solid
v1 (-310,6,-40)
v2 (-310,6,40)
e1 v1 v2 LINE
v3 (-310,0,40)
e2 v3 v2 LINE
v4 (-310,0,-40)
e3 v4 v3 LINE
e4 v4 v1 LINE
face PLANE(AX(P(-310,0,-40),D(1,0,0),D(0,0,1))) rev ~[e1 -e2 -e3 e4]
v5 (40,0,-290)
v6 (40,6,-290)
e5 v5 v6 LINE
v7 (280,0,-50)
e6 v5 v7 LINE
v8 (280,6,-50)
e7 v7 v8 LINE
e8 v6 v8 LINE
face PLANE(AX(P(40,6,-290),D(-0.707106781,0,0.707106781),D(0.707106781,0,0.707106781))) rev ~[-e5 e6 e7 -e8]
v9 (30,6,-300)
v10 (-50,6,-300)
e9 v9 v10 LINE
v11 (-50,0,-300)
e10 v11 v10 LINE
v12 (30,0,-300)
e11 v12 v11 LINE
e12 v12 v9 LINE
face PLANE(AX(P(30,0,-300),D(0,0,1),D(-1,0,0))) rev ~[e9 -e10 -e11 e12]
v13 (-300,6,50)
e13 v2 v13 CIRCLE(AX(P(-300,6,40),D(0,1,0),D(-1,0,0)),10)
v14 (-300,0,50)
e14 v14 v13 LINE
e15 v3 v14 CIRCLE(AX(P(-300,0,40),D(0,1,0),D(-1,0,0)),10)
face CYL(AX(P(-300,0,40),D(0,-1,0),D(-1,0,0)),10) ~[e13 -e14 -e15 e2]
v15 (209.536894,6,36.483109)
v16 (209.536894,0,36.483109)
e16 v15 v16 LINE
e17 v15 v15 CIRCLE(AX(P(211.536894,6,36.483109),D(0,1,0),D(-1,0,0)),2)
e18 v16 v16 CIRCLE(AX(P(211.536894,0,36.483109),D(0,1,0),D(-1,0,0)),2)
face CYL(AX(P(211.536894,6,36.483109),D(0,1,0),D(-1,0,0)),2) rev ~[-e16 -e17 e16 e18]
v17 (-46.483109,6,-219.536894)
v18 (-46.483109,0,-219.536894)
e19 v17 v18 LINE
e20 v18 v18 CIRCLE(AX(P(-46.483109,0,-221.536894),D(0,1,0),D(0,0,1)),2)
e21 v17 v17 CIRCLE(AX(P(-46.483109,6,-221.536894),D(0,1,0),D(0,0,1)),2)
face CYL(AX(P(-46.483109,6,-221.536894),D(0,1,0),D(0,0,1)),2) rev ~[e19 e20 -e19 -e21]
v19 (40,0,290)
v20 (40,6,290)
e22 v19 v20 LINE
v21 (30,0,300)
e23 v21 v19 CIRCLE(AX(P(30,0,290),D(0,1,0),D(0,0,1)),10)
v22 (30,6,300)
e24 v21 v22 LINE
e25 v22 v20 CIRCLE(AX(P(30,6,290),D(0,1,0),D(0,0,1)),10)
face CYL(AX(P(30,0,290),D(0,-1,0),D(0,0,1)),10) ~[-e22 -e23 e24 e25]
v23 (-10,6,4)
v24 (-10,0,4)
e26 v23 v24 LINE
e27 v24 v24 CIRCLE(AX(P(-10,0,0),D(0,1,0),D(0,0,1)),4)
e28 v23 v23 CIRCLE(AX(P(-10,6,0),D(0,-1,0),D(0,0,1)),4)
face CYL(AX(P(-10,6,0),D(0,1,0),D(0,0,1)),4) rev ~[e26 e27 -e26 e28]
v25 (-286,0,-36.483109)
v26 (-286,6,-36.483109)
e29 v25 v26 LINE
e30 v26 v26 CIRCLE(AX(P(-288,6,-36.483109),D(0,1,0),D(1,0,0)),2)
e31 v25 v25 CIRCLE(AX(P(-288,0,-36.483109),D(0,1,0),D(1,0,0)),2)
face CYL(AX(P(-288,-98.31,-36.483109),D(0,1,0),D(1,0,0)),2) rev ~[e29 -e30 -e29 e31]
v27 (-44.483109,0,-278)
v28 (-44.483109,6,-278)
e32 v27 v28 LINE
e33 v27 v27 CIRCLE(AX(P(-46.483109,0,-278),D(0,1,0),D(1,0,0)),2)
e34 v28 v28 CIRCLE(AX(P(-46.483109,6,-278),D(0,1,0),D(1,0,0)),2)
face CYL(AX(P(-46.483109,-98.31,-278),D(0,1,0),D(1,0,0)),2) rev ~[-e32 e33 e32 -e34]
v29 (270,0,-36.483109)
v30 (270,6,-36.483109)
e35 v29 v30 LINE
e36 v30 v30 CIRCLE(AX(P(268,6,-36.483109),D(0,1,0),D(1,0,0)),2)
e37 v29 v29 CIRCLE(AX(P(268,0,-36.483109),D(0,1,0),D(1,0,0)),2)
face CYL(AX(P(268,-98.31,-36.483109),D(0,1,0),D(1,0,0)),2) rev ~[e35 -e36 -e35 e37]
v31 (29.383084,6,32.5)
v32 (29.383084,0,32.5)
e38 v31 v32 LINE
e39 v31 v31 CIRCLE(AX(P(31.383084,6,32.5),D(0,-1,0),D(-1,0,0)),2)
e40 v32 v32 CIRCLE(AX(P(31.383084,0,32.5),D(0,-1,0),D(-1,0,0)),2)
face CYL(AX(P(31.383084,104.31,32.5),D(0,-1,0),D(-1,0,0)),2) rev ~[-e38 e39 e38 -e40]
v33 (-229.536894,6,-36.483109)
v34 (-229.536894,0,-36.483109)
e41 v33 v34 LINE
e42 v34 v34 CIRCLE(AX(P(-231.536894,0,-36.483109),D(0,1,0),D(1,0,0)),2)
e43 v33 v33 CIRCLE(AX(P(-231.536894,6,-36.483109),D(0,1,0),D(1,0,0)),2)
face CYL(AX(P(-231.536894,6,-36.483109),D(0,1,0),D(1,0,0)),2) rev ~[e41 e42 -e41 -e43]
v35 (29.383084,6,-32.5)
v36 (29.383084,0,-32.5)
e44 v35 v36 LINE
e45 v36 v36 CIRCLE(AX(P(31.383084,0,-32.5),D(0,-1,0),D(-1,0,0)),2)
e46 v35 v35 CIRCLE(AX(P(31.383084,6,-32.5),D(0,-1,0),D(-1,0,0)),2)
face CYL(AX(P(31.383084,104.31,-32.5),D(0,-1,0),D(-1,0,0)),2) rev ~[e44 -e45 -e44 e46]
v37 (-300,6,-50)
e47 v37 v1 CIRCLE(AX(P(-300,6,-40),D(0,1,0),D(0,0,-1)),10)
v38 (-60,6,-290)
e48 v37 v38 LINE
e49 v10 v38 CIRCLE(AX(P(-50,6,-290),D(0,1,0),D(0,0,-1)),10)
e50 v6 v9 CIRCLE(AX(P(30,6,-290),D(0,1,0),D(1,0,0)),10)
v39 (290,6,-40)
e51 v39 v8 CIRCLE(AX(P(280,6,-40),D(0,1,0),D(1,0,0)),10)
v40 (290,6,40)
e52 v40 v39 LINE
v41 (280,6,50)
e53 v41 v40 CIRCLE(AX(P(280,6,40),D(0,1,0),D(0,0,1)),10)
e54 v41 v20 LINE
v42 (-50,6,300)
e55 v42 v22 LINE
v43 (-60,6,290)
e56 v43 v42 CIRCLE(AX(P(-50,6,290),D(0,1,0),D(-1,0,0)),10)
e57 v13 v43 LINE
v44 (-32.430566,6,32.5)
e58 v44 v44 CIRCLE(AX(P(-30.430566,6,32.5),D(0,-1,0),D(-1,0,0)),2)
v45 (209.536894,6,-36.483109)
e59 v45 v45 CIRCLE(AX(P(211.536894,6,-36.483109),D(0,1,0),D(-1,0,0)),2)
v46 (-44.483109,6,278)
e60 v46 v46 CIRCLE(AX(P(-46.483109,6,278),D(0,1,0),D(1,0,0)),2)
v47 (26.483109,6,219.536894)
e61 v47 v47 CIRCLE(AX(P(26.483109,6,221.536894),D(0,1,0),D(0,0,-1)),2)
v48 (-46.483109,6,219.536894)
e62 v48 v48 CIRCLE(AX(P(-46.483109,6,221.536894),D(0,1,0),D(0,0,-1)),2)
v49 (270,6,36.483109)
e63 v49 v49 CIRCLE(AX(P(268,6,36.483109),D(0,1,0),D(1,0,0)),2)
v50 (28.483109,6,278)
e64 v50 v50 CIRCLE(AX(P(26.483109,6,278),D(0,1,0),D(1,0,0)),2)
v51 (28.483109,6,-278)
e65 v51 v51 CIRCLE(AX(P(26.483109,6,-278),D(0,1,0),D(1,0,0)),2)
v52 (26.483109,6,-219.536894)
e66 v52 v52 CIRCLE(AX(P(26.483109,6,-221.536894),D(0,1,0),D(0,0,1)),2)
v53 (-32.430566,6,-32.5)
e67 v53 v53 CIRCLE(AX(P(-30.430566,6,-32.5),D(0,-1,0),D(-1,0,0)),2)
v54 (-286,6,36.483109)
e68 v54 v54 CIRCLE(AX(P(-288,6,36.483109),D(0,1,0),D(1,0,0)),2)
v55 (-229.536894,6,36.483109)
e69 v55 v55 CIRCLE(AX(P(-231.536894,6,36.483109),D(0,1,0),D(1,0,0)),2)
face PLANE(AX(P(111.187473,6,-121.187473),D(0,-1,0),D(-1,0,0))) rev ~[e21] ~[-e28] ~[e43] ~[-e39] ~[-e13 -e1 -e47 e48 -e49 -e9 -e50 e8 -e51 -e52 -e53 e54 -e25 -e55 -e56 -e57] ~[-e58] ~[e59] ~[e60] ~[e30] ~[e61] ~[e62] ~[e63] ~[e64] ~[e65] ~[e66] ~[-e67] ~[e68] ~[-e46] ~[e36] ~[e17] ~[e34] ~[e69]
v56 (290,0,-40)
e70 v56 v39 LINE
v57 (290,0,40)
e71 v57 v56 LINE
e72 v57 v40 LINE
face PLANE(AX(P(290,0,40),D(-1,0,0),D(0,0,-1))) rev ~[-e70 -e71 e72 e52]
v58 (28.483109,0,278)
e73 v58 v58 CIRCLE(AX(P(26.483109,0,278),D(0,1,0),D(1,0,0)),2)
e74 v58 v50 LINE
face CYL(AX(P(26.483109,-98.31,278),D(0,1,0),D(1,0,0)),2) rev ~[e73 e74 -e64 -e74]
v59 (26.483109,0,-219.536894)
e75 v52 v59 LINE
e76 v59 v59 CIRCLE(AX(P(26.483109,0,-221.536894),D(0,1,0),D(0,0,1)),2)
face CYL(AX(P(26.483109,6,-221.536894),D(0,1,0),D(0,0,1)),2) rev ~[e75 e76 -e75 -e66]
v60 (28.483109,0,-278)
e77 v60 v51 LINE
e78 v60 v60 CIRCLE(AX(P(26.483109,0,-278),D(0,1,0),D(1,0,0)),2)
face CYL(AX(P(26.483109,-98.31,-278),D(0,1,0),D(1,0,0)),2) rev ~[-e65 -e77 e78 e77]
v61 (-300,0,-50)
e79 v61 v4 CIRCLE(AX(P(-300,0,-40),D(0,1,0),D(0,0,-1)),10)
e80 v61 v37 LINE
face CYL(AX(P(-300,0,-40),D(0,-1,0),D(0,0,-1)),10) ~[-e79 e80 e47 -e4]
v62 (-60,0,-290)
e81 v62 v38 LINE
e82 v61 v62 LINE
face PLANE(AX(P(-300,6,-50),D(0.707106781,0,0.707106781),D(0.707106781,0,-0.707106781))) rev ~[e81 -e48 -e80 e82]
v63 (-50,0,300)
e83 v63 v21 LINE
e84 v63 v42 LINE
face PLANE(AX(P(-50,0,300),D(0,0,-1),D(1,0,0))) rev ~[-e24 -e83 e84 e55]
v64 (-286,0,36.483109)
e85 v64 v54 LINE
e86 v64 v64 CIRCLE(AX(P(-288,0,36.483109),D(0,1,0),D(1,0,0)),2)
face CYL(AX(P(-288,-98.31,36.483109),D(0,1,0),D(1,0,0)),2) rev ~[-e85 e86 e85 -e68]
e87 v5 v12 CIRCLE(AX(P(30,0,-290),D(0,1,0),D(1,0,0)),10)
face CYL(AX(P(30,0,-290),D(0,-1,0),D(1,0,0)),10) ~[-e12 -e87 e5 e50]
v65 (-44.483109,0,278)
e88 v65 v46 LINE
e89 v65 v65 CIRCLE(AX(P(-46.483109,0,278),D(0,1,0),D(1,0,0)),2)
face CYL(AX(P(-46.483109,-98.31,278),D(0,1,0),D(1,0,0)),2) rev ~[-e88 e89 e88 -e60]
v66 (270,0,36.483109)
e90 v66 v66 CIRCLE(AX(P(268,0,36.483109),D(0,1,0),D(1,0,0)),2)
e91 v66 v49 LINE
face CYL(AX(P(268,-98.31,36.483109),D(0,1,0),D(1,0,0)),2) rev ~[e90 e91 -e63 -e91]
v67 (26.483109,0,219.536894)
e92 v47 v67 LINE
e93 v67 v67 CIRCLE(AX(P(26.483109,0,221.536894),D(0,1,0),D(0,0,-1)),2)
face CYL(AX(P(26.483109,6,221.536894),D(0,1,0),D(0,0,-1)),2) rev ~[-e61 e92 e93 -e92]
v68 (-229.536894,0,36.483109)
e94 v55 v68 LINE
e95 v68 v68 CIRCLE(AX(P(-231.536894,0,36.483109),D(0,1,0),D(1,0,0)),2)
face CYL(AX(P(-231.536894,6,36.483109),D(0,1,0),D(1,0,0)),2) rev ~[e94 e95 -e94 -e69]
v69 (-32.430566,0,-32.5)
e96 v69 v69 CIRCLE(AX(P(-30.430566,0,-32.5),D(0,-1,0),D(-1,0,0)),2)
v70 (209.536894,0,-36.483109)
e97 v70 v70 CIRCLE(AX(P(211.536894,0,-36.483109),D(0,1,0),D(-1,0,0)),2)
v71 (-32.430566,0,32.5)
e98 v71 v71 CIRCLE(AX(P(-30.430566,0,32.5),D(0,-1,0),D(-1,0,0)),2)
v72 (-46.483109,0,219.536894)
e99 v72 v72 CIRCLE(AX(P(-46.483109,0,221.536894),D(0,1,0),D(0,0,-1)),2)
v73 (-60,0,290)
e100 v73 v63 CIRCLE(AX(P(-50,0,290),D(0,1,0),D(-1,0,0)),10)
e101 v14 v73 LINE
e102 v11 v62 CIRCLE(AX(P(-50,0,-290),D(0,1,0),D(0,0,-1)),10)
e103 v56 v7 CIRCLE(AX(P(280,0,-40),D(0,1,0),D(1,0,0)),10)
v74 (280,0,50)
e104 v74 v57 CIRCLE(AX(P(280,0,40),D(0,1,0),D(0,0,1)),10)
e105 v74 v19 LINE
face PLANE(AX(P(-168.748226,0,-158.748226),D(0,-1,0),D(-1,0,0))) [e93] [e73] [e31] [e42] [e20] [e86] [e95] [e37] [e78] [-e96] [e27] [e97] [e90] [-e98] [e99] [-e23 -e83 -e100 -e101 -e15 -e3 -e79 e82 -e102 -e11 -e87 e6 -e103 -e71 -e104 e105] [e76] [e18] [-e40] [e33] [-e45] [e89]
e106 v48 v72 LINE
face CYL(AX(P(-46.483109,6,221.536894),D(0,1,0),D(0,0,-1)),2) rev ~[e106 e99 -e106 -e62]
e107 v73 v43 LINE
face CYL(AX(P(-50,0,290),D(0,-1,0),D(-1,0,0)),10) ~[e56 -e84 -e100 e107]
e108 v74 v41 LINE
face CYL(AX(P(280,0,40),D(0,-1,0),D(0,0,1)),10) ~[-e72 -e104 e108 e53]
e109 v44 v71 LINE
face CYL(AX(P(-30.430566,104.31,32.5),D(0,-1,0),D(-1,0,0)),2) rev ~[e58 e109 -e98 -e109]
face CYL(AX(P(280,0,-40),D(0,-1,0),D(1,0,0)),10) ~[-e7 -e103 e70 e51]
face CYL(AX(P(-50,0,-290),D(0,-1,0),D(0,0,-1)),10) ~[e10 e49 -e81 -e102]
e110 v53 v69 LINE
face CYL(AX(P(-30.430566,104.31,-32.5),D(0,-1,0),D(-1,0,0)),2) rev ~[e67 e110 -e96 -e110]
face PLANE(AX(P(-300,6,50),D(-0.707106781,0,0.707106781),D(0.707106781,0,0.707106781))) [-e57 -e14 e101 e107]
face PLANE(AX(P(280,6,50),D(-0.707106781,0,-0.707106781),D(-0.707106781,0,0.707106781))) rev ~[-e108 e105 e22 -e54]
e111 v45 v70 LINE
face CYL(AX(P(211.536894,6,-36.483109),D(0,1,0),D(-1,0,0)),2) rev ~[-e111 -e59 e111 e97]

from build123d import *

# Parameters (mm, degrees)
BOSS_EXTRUDE1_DEPTH       = 6
SKETCH4_R                 = 0.495653738
CUT_EXTRUDE3_DEPTH        = 10
BOSS_EXTRUDE3_DEPTH       = 6
SKETCH6_R                 = 2
SKETCH6_R_2               = 4
CUT_EXTRUDE4_DEPTH        = 12
CIRPATTERN1_COUNT         = 4
BOSS_EXTRUDE4_DEPTH       = 6
F_4_0MM_DOWEL_HOLE4_D     = 4
F_4_0MM_DOWEL_HOLE4_DEPTH = 98.31
F_4_0MM_DOWEL_HOLE4_TIP   = 1.201721238
F_4_0MM_DOWEL_HOLE5_D     = 4
F_4_0MM_DOWEL_HOLE5_DEPTH = 98.31
F_4_0MM_DOWEL_HOLE5_TIP   = 1.201721238
SKETCH34_W                = 35.409448417
SKETCH34_H                = 30.185103568
SKETCH34_W_2              = 36.570413939
SKETCH34_H_2              = 111.452690099
SKETCH34_W_3              = 29.604620807
SKETCH34_H_3              = 33.087517373
SKETCH34_W_4              = 33.087517373
SKETCH34_W_5              = 27.282689764
SKETCH34_H_4              = 24.96075872
SKETCH34_W_6              = 20.316896633
SKETCH34_H_5              = 92.296758988
SKETCH34_W_7              = 27.863172524
SKETCH34_H_6              = 11.609655218
SKETCH34_W_8              = 24.025079094
SKETCH34_H_7              = 13.26196209
SKETCH34_W_9              = 25.256962543
SKETCH34_H_8              = 14.571324544
SKETCH34_W_10             = 26.74183209
SKETCH34_H_9              = 13.599902908
SKETCH34_W_11             = 6.832653797
SKETCH34_H_10             = 26.571431431
SKETCH34_W_12             = 13.665307593
SKETCH34_H_11             = 29.608166452
SKETCH34_W_13             = 111.542887187
SKETCH34_H_12             = 48.356959239
SKETCH34_W_14             = 14.599955316
SKETCH34_H_13             = 35.285066425
SKETCH34_W_15             = 19.210467522
SKETCH34_H_14             = 26.471341651
SKETCH34_W_16             = 101.584483163
SKETCH34_H_15             = 31.891508091
SKETCH34_W_17             = 12.108434582
SKETCH34_H_16             = 29.018914361
SKETCH34_W_18             = 8.981277634
SKETCH34_H_17             = 24.21737362
SKETCH34_W_19             = 29.087219519
SKETCH34_H_18             = 16.362951604
SKETCH34_W_20             = 17.661842556
SKETCH34_H_19             = 22.206862892
SKETCH34_W_21             = 25.871946372
SKETCH34_W_22             = 23.792293824
SKETCH34_H_20             = 9.539966182
SKETCH34_H_21             = 15.633594749
SKETCH34_W_23             = 12.316273022
SKETCH34_H_22             = 19.237958234
BOSS_EXTRUDE5_DEPTH       = 6


with BuildPart() as part:
    # Sketch1 → Boss-Extrude1 (new body)
    with BuildSketch(Plane(origin=(0, 0, 0), x_dir=(1, 0, 0), z_dir=(0, 1, 0))):
        with BuildLine():
            Line((-110, 50), (-300, 50))
            ThreePointArc((-300, 50), (-307.071067812, 47.071067812), (-310, 40))
            Line((-310, 40), (-310, -40))
            ThreePointArc((-310, -40), (-307.071067812, -47.071067812), (-300, -50))
            Line((-300, -50), (-110, -50))
            Line((-110, -50), (-60, -100))
            Line((-60, -100), (-60, -290))
            ThreePointArc((-60, -290), (-57.071067812, -297.071067812), (-50, -300))
            Line((-50, -300), (30, -300))
            ThreePointArc((30, -300), (37.071067812, -297.071067812), (40, -290))
            Line((40, -290), (40, -100))
            Line((40, -100), (90, -50))
            Line((90, -50), (280, -50))
            ThreePointArc((280, -50), (287.071067812, -47.071067812), (290, -40))
            Line((290, -40), (290, 40))
            ThreePointArc((290, 40), (287.071067812, 47.071067812), (280, 50))
            Line((280, 50), (90, 50))
            Line((90, 50), (40, 100))
            Line((40, 100), (40, 290))
            ThreePointArc((40, 290), (37.071067812, 297.071067812), (30, 300))
            Line((30, 300), (-50, 300))
            ThreePointArc((-50, 300), (-57.071067812, 297.071067812), (-60, 290))
            Line((-60, 290), (-60, 100))
            Line((-60, 100), (-110, 50))
        make_face()
    extrude(amount=BOSS_EXTRUDE1_DEPTH)

    # Sketch4 → Cut-Extrude3 (cut)
    with BuildSketch(Plane(origin=(0, 6, 0), x_dir=(1, 0, 0), z_dir=(0, 1, 0))):
        with Locations(Location((-10, 0, 0), (0, 0, 270))):
            Circle(SKETCH4_R)
    extrude(amount=-CUT_EXTRUDE3_DEPTH, mode=Mode.SUBTRACT)

    # Sketch5 → Boss-Extrude3 (add)
    with BuildSketch(Plane(origin=(0, 6, 0), x_dir=(1, 0, 0), z_dir=(0, 1, 0))):
        Polygon((-300, 50), (-60, 290), (-60, 240), (-250, 50), align=None)
        Polygon((40, 290), (280, 50), (230, 50), (40, 240), align=None)
        Polygon((280, -50), (40, -290), (40, -240), (230, -49.07797178), align=None)
        Polygon((-300, -50), (-60, -290), (-60, -240), (-250, -50), align=None)
    extrude(amount=-BOSS_EXTRUDE3_DEPTH)

    # Sketch6 → Cut-Extrude4 (cut)
    with BuildSketch(Plane(origin=(0, 6, 0), x_dir=(1, 0, 0), z_dir=(0, 1, 0))):
        with Locations(Location((-37.824146891, 287.83697558, 0), (0, 0, 270))):
            Circle(SKETCH6_R)
        with Locations(Location((-37.824146891, 272.83697558, 0), (0, 0, 270))):
            Circle(SKETCH6_R)
        with Locations(Location((-46.483109463, 221.536893944, 0), (0, 0, 270))):
            Circle(SKETCH6_R)
        with Locations(Location((-46.483109463, 135.06793836, 0), (0, 0, 270))):
            Circle(SKETCH6_R)
        with Locations(Location((-69.817594081, 73.334484618, 0), (0, 0, 270))):
            Circle(SKETCH6_R)
        with Locations(Location((49.817594081, 73.334484618, 0), (0, 0, 270))):
            Circle(SKETCH6_R)
        with Locations(Location((26.483109463, 135.06793836, 0), (0, 0, 270))):
            Circle(SKETCH6_R)
        with Locations(Location((26.483109463, 221.536893944, 0), (0, 0, 270))):
            Circle(SKETCH6_R)
        with Locations(Location((191.360389693, 113.639610307, 0), (0, 0, 270))):
            Circle(SKETCH6_R)
        with Locations(Location((128.639610307, 176.360389693, 0), (0, 0, 270))):
            Circle(SKETCH6_R)
        with Locations(Location((17.824146891, 272.83697558, 0), (0, 0, 270))):
            Circle(SKETCH6_R)
        with Locations(Location((17.824146891, 287.83697558, 0), (0, 0, 270))):
            Circle(SKETCH6_R)
        with Locations(Location((-10, 0, 0), (0, 0, 270))):
            Circle(SKETCH6_R_2)
    cut_extrude4 = extrude(amount=-CUT_EXTRUDE4_DEPTH, mode=Mode.SUBTRACT)

    # CirPattern1: Cut-Extrude4 ×4 about axis
    cirpattern1_axis = Axis((-10, 0, 0), (0, 1, 0))
    for i in range(1, CIRPATTERN1_COUNT):
        add(cut_extrude4.rotate(cirpattern1_axis, i * 360 / CIRPATTERN1_COUNT), mode=Mode.SUBTRACT)

    # Sketch7 → Boss-Extrude4 (add)
    with BuildSketch(Plane(origin=(0, 6, 0), x_dir=(1, 0, 0), z_dir=(0, 1, 0))):
        Polygon((40, 240), (230, 50), (90, 50), (40, 100), align=None)
        Polygon((90, -50), (229.082424571, -50), (40, -240), (40, -100), align=None)
        Polygon((-60, 240), (-60, 100), (-110, 50), (-250, 50), align=None)
        Polygon((-110, -50), (-60, -100), (-60, -240), (-250, -50), align=None)
    extrude(amount=-BOSS_EXTRUDE4_DEPTH)

    # Ø4.0mm Dowel Hole4
    with Locations(Plane(origin=(0, 0, 0), x_dir=(-1, 0, 0), z_dir=(0, -1, 0))):
        with Locations((46.483109463, -278), (-26.483109463, -278), (-268, -36.483109463), (-268, 36.483109463), (-26.483109463, 278), (46.483109463, 278), (288, 36.483109463), (288, -36.483109463)):
            Hole(F_4_0MM_DOWEL_HOLE4_D / 2, depth=F_4_0MM_DOWEL_HOLE4_DEPTH)
            with Locations((0, 0, -(F_4_0MM_DOWEL_HOLE4_DEPTH + F_4_0MM_DOWEL_HOLE4_TIP / 2))):  # 118° drill point
                Cone(0, F_4_0MM_DOWEL_HOLE4_D / 2, F_4_0MM_DOWEL_HOLE4_TIP, mode=Mode.SUBTRACT)

    # Ø4.0mm Dowel Hole5
    with Locations(Plane(origin=(0, 6, 0), x_dir=(1, 0, 0), z_dir=(0, 1, 0))):
        with Locations((-30.430566073, -32.5), (31.383083735, -32.5), (31.383083735, 32.5), (-30.430566073, 32.5)):
            Hole(F_4_0MM_DOWEL_HOLE5_D / 2, depth=F_4_0MM_DOWEL_HOLE5_DEPTH)
            with Locations((0, 0, -(F_4_0MM_DOWEL_HOLE5_DEPTH + F_4_0MM_DOWEL_HOLE5_TIP / 2))):  # 118° drill point
                Cone(0, F_4_0MM_DOWEL_HOLE5_D / 2, F_4_0MM_DOWEL_HOLE5_TIP, mode=Mode.SUBTRACT)

    # Sketch34 → Boss-Extrude5 (add)
    with BuildSketch(Plane(origin=(0, 6, 0), x_dir=(1, 0, 0), z_dir=(0, 1, 0))):
        with Locations((-78.80313436, 68.745934319)):
            Rectangle(SKETCH34_W, SKETCH34_H)
        with Locations((-144.397686345, -2.072962514)):
            Rectangle(SKETCH34_W_2, SKETCH34_H_2)
        with Locations((-75.900720554, -65.635824837)):
            Rectangle(SKETCH34_W_3, SKETCH34_H_3)
        with Locations((57.029831699, -65.635824837)):
            Rectangle(SKETCH34_W_4, SKETCH34_H_3)
        with Locations((59.932245503, 66.133761895)):
            Rectangle(SKETCH34_W_5, SKETCH34_H_4)
        with Locations((127.268245772, 1.700175431)):
            Rectangle(SKETCH34_W_6, SKETCH34_H_5)
        with Locations((-288.647652436, 25.79021001)):
            Rectangle(SKETCH34_W_7, SKETCH34_H_6)
        with Locations((-290.566699151, -25.743228086)):
            Rectangle(SKETCH34_W_8, SKETCH34_H_7)
        with Locations((-207.82626231, -113.697936261)):
            Rectangle(SKETCH34_W_9, SKETCH34_H_8)
        with Locations((-149.311977269, -174.411788529)):
            Rectangle(SKETCH34_W_10, SKETCH34_H_9)
        with Locations((-37.704576229, -280.142299522)):
            Rectangle(SKETCH34_W_11, SKETCH34_H_10)
        with Locations((16.577062267, -278.623932011)):
            Rectangle(SKETCH34_W_12, SKETCH34_H_11)
        with Locations((-15.285370581, -137.876415881)):
            Rectangle(SKETCH34_W_13, SKETCH34_H_12)
        with Locations((102.99002157, -192.054321742)):
            Rectangle(SKETCH34_W_14, SKETCH34_H_13)
        with Locations((162.158261537, -134.219269359)):
            Rectangle(SKETCH34_W_15, SKETCH34_H_14)
        with Locations((-10.306168569, 138.617659885)):
            Rectangle(SKETCH34_W_16, SKETCH34_H_15)
        with Locations((-35.066685836, 277.003869093)):
            Rectangle(SKETCH34_W_17, SKETCH34_H_16)
        with Locations((17.598670848, 280.473392986)):
            Rectangle(SKETCH34_W_18, SKETCH34_H_17)
        with Locations((-180.654171279, 134.499996933)):
            Rectangle(SKETCH34_W_19, SKETCH34_H_18)
        with Locations((-117.281558097, 197.029847706)):
            Rectangle(SKETCH34_W_20, SKETCH34_H_19)
        with Locations((271.071548242, 25.79021001)):
            Rectangle(SKETCH34_W_21, SKETCH34_H_6)
        with Locations((270.031721968, -27.60422604)):
            Rectangle(SKETCH34_W_22, SKETCH34_H_20)
        with Locations((127.268245772, 172.147264617)):
            Rectangle(SKETCH34_W_6, SKETCH34_H_21)
        with Locations((187.981166364, 113.052926722)):
            Rectangle(SKETCH34_W_23, SKETCH34_H_22)
    extrude(amount=-BOSS_EXTRUDE5_DEPTH)


solid = part.part
